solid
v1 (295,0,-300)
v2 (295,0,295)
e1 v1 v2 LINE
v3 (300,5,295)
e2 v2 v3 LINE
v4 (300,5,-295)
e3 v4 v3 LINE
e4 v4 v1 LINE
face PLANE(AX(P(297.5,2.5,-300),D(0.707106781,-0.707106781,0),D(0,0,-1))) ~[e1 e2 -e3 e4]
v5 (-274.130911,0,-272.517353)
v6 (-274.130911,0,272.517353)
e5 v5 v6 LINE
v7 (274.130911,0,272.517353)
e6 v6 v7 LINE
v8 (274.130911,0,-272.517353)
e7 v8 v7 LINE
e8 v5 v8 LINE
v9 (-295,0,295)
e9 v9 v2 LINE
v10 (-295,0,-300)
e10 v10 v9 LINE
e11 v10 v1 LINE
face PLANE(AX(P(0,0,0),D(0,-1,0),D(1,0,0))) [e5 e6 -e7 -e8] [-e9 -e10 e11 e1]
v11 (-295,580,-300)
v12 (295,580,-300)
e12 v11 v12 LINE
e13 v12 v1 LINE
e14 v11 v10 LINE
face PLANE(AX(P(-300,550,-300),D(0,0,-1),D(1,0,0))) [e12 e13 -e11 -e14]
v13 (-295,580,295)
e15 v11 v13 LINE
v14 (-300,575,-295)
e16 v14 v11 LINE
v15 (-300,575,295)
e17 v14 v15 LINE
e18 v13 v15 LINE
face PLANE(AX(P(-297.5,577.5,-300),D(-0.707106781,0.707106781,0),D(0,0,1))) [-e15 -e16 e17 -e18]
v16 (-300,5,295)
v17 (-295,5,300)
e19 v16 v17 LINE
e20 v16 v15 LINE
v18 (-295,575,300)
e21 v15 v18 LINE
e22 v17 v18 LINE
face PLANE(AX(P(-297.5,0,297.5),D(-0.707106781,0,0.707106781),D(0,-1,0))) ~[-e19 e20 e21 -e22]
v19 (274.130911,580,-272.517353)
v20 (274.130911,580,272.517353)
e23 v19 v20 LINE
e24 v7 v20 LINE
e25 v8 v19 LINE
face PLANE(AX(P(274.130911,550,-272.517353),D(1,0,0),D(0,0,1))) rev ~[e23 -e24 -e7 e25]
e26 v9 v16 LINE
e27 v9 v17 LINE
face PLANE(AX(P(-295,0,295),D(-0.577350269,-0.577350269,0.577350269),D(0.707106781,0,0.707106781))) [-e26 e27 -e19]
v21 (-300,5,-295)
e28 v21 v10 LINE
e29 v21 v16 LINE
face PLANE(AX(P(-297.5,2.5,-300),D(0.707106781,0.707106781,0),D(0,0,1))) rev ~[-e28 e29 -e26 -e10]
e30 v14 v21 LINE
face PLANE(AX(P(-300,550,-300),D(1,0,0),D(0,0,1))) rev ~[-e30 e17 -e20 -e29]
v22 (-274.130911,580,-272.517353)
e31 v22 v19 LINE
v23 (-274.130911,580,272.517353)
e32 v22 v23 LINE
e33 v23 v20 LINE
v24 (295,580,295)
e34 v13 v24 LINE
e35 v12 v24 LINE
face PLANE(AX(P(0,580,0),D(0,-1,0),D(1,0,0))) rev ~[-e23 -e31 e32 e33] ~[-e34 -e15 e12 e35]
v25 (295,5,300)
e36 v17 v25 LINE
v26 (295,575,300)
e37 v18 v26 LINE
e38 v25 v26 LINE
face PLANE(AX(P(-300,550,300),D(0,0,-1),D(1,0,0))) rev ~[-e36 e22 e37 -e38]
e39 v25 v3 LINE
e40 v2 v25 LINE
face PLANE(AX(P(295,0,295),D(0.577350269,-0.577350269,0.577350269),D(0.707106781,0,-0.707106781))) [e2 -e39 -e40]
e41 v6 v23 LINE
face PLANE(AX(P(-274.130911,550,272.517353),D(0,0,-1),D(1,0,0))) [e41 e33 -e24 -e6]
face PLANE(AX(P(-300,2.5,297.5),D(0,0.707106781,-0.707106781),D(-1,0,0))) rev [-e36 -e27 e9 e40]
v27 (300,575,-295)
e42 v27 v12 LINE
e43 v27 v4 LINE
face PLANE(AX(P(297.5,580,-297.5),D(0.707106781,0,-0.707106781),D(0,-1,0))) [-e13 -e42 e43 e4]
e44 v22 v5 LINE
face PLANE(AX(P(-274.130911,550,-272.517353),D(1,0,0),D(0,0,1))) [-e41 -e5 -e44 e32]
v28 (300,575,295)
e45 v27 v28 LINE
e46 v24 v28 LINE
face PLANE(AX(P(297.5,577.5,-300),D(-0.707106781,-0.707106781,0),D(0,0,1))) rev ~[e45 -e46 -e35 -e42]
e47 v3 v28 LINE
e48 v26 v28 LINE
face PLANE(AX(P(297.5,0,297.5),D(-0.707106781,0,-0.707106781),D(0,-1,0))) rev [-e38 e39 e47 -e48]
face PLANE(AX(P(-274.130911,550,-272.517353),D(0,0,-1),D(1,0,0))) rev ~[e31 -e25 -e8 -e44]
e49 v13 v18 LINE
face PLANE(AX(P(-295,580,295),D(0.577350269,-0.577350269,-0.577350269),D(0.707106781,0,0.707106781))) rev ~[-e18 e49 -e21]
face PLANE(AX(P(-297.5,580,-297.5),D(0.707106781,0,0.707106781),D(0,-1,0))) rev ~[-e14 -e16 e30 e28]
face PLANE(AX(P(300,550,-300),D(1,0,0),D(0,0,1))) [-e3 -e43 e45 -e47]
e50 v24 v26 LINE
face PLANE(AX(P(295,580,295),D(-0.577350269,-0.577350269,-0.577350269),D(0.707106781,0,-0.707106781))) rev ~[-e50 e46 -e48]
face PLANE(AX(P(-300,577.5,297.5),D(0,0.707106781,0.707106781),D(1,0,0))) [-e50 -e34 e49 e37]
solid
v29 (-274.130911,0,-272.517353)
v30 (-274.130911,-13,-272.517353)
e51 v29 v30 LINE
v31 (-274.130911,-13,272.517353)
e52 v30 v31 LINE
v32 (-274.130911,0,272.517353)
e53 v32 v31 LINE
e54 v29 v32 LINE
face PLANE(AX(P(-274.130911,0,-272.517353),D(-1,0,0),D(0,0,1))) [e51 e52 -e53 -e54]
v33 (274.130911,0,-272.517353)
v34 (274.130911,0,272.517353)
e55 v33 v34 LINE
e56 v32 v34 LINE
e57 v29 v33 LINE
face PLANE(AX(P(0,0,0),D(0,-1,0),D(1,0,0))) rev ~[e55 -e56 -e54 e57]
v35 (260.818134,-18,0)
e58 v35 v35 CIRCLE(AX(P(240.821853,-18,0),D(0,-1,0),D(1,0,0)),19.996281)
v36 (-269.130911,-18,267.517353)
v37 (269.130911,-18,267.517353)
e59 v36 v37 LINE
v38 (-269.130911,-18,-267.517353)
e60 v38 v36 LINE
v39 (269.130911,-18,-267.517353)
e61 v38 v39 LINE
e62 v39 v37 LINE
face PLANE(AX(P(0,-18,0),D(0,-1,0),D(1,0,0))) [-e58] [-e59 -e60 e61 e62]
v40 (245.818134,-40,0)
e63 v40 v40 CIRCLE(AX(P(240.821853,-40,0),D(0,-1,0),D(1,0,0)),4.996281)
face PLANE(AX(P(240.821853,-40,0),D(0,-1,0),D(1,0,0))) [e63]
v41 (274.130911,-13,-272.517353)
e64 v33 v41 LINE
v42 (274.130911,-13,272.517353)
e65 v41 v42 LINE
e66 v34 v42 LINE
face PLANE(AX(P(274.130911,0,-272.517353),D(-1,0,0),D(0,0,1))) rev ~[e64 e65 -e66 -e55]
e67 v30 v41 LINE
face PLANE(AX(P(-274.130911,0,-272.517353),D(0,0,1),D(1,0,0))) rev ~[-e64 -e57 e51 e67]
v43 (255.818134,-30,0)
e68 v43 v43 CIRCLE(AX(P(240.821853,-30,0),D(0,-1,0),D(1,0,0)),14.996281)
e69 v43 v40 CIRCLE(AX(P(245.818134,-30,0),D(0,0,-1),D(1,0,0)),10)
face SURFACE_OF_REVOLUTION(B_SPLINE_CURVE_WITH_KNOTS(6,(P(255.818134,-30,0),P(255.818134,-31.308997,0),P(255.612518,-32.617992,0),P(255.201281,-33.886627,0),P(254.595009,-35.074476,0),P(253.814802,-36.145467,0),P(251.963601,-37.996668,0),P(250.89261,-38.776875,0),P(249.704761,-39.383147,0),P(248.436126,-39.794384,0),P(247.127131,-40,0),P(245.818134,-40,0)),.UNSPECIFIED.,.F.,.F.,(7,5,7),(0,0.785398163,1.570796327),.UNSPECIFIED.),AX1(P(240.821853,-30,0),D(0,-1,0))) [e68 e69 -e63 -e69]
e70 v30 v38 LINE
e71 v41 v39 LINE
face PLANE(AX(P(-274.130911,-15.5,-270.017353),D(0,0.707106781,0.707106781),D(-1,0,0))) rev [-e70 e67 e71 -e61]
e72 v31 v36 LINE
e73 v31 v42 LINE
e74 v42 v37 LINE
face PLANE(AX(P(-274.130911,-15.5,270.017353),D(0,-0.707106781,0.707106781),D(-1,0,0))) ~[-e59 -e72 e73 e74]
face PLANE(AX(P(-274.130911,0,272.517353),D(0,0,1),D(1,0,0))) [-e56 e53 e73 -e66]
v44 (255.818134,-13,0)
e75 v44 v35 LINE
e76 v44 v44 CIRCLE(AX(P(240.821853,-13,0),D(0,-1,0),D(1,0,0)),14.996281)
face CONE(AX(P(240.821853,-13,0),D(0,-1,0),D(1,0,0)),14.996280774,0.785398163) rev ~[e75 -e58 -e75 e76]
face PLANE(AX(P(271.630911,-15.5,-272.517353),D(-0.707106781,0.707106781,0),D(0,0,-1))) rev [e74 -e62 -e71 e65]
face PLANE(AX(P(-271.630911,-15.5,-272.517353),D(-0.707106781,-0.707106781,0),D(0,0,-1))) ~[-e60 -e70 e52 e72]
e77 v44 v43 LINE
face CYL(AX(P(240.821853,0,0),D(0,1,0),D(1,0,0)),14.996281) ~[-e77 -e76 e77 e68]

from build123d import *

# Parameters (mm, degrees)
F0_W      = 600
F0_H      = 600
F0_W_2    = 548.26182127
F0_H_2    = 545.0347065926
F1_DEPTH  = 550
F2_DEPTH  = 30
F0_R      = 14.9962807739
F3_DEPTH  = 18
F4_SIZE   = 5
F4_2_SIZE = 5
F5_DEPTH  = 40
F6_R      = 10


with BuildPart() as f1:
    # F0 (on Front) → F1 (new body)
    with BuildSketch(Plane.XZ):
        Rectangle(F0_W, F0_H)
        Rectangle(F0_W_2, F0_H_2, mode=Mode.SUBTRACT)
    extrude(amount=-F1_DEPTH)

    # F2 (add): a face of the model
    f2_faces = [f1.faces().sort_by_distance(p)[0] for p in [
        (0, 550, 291.5147186258),
    ]]
    extrude(f2_faces, amount=F2_DEPTH)

    # F4
    f4_edges = [f1.edges().sort_by_distance(p)[0] for p in [
        (-300, 290, 300),
        (-300, 580, 0),
        (-300, 290, -300),
        (-300, 0, 0),
        (300, 290, 300),
        (0, 580, 300),
        (0, 0, 300),
        (300, 290, -300),
        (300, 580, 0),
        (300, 0, 0),
    ]]
    chamfer(f4_edges, length=F4_SIZE)


with BuildPart() as f3:
    # F0 (on Front) → F3 (new body)
    with BuildSketch(Plane.XZ):
        Rectangle(F0_W_2, F0_H_2)
        with Locations((240.8218532801, 0)):
            Circle(F0_R, mode=Mode.SUBTRACT)
    extrude(amount=F3_DEPTH)

    # F4#2
    f4_2_edges = [f3.edges().sort_by_distance(p)[0] for p in [
        (0, -18, 272.517353),
        (-274.130911, -18, 0),
        (0, -18, -272.517353),
        (274.130911, -18, 0),
        (225.825573, -18, 0),
    ]]
    chamfer(f4_2_edges, length=F4_2_SIZE)

    # F0 (on Front) → F5 (join)
    with BuildSketch(Plane.XZ):
        with Locations((240.8218532801, 0)):
            Circle(F0_R)
    extrude(amount=F5_DEPTH)

    # F6
    f6_edges = [f3.edges().sort_by_distance(p)[0] for p in [
        (225.825573, -40, 0),
    ]]
    fillet(f6_edges, radius=F6_R)


solid = Compound([f1.part, f3.part])
